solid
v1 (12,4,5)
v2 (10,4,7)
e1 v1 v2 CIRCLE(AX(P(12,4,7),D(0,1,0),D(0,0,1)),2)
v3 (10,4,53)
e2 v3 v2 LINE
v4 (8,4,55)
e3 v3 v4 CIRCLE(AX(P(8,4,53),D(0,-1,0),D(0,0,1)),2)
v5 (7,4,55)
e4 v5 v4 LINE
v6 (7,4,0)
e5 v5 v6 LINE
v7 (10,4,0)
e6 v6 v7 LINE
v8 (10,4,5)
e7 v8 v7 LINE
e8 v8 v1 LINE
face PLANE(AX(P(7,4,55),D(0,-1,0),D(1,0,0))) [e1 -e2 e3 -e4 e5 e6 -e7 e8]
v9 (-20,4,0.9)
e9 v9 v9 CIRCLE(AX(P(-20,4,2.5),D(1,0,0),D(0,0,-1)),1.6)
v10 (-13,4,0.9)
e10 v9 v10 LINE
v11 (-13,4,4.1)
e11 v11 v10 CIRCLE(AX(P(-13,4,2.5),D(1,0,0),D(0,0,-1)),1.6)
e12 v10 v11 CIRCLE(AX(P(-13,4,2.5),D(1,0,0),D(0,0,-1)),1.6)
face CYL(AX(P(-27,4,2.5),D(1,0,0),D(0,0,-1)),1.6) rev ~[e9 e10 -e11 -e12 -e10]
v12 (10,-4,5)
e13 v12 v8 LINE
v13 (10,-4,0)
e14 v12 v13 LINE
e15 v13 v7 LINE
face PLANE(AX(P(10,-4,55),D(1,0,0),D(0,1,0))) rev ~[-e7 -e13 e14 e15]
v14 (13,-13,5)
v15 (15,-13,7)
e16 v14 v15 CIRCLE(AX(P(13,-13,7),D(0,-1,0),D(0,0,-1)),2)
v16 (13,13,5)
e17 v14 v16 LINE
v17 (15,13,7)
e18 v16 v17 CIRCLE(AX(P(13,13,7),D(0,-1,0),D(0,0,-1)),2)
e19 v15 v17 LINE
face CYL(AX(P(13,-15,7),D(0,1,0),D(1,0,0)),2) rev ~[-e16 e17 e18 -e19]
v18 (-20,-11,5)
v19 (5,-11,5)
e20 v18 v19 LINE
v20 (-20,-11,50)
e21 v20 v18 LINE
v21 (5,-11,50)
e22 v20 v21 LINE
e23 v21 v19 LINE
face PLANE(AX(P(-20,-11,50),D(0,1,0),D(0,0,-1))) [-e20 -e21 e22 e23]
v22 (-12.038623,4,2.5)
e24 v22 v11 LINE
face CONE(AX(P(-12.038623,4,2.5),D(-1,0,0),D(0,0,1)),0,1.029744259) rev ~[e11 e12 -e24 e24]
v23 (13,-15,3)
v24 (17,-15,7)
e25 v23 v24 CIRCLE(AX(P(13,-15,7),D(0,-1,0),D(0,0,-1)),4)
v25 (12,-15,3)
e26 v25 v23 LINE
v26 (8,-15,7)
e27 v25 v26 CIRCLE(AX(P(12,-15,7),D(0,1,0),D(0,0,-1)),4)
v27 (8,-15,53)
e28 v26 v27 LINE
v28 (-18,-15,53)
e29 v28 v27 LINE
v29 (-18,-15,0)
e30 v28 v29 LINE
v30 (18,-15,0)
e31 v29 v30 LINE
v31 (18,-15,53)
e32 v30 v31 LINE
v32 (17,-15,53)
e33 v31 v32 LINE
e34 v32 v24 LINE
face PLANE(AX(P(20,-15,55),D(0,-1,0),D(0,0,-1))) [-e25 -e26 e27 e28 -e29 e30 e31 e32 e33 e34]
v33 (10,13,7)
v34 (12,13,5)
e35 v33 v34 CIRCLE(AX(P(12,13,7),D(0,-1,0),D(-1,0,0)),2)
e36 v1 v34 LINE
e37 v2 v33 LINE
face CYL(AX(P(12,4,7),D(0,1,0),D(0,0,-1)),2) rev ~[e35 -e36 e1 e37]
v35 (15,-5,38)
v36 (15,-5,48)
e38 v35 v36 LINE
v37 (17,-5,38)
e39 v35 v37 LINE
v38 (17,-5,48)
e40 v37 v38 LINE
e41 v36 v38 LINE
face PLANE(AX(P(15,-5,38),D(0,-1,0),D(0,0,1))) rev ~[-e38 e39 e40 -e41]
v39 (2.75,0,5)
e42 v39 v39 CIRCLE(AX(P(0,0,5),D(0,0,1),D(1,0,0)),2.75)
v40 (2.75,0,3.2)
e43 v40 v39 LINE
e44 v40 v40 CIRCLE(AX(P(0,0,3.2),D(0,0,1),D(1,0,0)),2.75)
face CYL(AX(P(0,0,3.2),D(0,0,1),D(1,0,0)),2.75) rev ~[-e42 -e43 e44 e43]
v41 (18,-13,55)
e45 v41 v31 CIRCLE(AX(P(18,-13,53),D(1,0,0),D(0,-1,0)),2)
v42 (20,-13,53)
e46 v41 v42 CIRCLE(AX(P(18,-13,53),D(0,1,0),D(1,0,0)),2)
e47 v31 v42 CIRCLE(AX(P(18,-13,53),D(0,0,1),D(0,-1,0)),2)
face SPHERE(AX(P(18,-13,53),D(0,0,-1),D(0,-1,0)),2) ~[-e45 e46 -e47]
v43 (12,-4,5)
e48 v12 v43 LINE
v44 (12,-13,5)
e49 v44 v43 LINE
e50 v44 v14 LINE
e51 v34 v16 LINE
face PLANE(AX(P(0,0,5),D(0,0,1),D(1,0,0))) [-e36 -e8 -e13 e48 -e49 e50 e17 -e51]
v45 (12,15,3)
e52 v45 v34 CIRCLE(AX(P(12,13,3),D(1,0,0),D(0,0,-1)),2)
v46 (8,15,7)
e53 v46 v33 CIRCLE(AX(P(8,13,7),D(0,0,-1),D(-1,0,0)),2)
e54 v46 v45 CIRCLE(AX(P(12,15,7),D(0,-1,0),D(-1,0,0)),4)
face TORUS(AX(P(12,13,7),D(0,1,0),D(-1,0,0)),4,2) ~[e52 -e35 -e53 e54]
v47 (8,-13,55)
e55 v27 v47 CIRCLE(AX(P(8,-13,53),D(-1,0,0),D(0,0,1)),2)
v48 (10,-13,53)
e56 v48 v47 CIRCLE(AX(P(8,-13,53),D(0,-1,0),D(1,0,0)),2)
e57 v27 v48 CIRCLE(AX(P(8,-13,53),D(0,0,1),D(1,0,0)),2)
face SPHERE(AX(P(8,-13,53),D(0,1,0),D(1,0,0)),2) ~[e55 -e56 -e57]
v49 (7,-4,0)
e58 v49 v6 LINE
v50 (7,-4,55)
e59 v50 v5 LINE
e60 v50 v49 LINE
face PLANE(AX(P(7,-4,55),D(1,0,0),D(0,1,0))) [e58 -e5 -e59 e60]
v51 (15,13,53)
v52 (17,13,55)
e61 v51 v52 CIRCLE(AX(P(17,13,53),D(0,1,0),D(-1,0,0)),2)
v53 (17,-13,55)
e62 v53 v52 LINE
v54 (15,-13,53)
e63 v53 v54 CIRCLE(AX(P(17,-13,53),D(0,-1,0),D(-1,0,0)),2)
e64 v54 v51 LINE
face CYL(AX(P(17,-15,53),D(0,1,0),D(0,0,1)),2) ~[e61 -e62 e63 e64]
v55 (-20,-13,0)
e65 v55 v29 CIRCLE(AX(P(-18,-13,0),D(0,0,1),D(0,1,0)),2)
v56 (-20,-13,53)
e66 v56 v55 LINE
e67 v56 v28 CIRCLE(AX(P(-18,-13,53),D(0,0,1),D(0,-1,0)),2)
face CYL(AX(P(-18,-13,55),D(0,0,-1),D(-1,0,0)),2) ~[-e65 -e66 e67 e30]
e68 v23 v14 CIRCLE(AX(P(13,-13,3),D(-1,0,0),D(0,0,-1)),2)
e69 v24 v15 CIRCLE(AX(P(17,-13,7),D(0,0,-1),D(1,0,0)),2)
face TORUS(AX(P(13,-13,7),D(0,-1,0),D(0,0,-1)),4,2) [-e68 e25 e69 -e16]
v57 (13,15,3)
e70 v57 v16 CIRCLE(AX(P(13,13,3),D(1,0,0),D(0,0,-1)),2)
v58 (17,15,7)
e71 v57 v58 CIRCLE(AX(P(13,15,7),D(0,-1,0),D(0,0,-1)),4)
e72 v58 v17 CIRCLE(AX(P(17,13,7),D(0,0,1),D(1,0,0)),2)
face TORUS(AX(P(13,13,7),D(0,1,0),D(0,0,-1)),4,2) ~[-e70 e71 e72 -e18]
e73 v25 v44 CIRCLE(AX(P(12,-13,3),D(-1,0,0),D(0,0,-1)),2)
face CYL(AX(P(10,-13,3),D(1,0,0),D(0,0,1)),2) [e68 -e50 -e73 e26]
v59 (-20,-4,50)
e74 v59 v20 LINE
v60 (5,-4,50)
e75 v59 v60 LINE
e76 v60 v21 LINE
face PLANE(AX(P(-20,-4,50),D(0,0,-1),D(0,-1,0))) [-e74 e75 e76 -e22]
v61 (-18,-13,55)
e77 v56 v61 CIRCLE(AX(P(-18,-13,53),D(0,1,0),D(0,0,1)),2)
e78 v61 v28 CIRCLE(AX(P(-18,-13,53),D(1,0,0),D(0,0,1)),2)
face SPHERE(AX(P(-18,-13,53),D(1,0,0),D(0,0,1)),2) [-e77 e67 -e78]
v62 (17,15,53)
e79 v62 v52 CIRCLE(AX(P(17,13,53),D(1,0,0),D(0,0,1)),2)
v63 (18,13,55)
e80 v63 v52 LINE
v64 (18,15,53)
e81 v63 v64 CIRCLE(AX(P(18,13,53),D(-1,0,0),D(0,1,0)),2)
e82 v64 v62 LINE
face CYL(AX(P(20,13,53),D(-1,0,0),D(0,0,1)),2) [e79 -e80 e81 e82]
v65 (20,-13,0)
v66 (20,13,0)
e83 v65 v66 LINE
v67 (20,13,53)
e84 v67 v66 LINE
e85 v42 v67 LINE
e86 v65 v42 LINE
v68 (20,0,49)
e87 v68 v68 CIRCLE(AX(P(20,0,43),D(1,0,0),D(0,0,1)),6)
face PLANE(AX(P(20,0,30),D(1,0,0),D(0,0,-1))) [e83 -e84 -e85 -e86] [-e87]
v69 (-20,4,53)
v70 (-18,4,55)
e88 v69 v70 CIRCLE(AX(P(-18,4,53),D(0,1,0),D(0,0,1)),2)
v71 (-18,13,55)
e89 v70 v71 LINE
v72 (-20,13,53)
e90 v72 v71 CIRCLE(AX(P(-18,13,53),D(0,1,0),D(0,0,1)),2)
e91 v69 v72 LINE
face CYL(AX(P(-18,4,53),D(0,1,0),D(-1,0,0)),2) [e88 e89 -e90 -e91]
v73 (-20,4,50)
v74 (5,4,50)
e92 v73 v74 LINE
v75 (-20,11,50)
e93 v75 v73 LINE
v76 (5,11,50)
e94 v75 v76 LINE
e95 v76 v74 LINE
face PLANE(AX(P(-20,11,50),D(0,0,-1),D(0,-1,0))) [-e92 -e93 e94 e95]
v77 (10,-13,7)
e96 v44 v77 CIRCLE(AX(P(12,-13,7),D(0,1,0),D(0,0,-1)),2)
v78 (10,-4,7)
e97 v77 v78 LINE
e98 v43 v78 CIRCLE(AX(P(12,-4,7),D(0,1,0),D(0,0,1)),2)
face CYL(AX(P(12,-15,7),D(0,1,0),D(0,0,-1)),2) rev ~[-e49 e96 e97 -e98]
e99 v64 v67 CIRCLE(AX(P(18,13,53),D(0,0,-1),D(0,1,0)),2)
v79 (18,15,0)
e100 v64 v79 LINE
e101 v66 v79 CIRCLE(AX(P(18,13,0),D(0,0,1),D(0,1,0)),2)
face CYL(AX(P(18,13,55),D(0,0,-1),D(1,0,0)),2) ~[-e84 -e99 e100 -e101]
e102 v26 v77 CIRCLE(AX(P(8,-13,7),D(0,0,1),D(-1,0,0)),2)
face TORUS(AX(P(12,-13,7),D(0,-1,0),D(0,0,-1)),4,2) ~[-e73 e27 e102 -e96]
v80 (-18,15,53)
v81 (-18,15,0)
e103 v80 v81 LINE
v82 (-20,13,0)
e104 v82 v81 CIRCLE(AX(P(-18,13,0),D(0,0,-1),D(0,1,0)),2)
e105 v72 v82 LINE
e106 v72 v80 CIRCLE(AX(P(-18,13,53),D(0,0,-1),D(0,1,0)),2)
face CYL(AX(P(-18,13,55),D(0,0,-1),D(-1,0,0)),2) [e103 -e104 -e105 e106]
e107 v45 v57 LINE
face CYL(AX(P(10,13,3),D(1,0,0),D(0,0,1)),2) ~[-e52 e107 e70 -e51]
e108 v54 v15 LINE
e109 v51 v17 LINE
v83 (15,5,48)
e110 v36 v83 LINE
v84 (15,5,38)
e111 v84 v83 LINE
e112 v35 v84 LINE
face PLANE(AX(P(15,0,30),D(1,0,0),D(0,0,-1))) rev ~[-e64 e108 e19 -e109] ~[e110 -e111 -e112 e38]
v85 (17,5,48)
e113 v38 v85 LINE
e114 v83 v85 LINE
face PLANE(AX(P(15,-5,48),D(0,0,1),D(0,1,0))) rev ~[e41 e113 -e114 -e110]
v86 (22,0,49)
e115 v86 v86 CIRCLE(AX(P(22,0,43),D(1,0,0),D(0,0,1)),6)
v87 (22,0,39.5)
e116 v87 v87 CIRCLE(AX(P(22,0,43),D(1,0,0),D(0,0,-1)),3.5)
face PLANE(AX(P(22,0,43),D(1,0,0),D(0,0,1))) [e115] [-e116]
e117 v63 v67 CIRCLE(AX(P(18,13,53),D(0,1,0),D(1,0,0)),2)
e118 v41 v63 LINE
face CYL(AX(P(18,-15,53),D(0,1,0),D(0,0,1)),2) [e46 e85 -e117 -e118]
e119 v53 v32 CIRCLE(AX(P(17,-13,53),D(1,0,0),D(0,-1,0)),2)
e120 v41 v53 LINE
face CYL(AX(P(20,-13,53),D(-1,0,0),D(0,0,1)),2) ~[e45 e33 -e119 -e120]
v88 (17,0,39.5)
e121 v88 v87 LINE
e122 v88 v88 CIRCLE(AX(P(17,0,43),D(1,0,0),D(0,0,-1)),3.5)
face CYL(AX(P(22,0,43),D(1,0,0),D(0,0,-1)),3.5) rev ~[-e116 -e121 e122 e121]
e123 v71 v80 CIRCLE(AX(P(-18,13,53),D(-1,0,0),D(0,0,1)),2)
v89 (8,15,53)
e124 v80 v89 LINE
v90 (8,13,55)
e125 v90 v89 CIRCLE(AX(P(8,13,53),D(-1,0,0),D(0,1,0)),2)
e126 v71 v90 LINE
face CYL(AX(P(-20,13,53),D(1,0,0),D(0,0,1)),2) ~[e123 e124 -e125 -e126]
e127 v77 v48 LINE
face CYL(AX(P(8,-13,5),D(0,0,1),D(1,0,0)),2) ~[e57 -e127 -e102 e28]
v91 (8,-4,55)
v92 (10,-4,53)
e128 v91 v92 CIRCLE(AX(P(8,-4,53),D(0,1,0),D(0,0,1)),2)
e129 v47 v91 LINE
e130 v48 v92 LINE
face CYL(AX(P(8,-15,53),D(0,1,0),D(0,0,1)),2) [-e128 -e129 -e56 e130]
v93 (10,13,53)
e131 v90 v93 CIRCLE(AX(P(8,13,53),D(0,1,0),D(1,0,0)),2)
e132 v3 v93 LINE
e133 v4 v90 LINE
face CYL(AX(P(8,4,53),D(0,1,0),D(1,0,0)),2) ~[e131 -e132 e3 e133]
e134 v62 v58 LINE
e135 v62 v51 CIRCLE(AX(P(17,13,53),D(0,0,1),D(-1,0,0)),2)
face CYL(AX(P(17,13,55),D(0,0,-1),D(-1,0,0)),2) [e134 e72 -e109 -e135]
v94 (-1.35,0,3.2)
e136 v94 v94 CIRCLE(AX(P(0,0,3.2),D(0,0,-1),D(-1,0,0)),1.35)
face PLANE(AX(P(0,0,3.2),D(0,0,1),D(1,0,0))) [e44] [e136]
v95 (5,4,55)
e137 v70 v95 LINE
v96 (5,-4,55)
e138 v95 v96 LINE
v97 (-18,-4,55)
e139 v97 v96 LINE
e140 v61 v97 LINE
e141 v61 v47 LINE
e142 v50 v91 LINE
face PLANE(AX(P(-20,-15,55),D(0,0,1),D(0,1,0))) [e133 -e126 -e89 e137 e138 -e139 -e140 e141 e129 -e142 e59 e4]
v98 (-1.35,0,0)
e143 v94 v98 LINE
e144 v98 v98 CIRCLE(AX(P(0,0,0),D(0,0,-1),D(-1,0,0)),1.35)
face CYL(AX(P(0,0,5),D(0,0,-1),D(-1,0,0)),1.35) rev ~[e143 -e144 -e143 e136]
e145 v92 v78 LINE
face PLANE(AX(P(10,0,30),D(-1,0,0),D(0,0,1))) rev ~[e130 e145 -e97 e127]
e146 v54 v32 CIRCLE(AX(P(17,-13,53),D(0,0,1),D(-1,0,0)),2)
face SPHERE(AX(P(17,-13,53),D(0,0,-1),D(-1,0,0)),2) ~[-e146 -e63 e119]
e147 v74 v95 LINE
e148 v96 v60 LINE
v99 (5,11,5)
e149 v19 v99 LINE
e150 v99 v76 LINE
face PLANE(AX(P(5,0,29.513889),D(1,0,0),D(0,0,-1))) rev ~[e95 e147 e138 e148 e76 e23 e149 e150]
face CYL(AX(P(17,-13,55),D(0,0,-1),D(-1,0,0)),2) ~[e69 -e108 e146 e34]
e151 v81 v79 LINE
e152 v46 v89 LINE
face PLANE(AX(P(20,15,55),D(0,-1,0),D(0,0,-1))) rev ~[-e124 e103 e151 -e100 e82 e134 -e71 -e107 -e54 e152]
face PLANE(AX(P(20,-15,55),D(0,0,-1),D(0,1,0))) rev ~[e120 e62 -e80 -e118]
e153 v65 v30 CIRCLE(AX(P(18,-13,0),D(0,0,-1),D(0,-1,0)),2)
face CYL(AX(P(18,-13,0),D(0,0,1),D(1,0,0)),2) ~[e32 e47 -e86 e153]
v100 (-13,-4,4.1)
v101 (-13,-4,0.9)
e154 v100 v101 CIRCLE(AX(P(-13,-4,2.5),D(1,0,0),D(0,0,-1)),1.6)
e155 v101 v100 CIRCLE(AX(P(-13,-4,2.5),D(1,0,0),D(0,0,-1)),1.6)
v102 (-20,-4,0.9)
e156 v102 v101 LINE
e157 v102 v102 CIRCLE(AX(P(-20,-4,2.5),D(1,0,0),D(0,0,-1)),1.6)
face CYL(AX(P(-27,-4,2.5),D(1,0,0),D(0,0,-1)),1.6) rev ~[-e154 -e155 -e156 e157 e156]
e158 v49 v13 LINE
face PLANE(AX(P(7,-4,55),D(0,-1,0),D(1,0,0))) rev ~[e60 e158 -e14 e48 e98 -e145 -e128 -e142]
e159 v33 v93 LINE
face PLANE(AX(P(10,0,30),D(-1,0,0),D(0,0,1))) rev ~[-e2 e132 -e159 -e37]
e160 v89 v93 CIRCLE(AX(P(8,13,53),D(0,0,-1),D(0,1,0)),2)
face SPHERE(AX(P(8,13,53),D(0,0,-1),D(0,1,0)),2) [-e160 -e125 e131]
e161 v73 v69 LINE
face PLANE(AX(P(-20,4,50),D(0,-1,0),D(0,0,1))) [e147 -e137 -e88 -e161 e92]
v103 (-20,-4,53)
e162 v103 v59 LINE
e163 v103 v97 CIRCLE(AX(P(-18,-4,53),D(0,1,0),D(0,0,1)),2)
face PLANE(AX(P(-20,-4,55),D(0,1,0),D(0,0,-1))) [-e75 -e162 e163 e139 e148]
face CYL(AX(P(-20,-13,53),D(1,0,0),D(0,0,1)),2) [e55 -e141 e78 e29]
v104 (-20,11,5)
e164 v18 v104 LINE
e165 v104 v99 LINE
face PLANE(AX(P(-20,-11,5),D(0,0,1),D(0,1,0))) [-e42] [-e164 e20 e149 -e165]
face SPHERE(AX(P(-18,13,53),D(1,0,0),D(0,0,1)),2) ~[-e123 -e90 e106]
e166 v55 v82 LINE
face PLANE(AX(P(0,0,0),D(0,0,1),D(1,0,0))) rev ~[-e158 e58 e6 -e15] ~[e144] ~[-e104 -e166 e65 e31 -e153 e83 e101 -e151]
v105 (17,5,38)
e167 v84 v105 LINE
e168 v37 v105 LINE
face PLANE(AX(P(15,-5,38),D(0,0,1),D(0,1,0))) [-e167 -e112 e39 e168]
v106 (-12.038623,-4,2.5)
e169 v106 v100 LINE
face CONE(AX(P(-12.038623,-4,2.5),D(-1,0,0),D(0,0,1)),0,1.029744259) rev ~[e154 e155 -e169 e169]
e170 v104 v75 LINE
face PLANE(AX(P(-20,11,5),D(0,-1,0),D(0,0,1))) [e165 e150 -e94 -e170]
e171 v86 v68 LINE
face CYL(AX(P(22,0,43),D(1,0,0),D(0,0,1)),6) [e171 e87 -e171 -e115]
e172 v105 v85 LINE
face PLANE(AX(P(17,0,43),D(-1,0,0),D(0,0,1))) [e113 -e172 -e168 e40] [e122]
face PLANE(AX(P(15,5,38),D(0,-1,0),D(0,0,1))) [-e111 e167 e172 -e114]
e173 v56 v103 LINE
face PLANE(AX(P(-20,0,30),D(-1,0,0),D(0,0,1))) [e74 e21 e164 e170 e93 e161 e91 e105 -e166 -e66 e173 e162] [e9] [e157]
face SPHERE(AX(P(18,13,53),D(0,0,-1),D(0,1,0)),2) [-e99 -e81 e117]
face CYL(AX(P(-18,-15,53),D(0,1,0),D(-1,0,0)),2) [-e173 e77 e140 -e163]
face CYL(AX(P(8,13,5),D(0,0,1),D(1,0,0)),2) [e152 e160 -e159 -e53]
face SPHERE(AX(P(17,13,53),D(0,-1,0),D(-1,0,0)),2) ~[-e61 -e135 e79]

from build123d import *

# Parameters (mm, degrees)
ESQUISSE1_W                                          = 40
ESQUISSE1_H                                          = 30
BOSS_EXTRU_1_DEPTH                                   = 5
ESQUISSE5_W                                          = 50
ESQUISSE5_H                                          = 30
BOSS_EXTRU_3_DEPTH                                   = 30
ENL_V_MAT_EXTRU_1_DEPTH                              = 25
CHAMBRAGE_POUR_T_TE_CYLINDRIQUE_FENDUE_M_D           = 2.7
CHAMBRAGE_POUR_T_TE_CYLINDRIQUE_FENDUE_M_DEPTH       = 7
CHAMBRAGE_POUR_T_TE_CYLINDRIQUE_FENDUE_M_CBORE_D     = 5.5
CHAMBRAGE_POUR_T_TE_CYLINDRIQUE_FENDUE_M_CBORE_DEPTH = 1.8
CHAMBRAGE_POUR_T_TE_CYLINDRIQUE_FENDUE_M_TIP         = 0.811161836
ESQUISSE14_W                                         = 3
ESQUISSE14_H                                         = 8
ENL_V_MAT_EXTRU_2_DEPTH                              = 61.415229868
D_GAGEMENT_M31_D                                     = 3.2
D_GAGEMENT_M31_DEPTH                                 = 7
D_GAGEMENT_M31_TIP                                   = 0.96137699
ESQUISSE16_W                                         = 50
ESQUISSE16_H                                         = 30
ESQUISSE16_R                                         = 3.5
BOSS_EXTRU_4_DEPTH                                   = 5
CONG_1_R                                             = 2
ESQUISSE17_W                                         = 10
ESQUISSE17_H                                         = 10
ENL_V_MAT_EXTRU_3_DEPTH                              = 2
BOSS_EXTRU_5_START                                   = 2
ESQUISSE18_R                                         = 6
ESQUISSE18_R_2                                       = 3.5
BOSS_EXTRU_5_DEPTH                                   = 2


with BuildPart() as part:
    # Esquisse1 → Boss.-Extru.1 (new body)
    with BuildSketch(Plane.XY):
        Rectangle(ESQUISSE1_W, ESQUISSE1_H)
    extrude(amount=BOSS_EXTRU_1_DEPTH)

    # Esquisse5 → Boss.-Extru.3 (add)
    with BuildSketch(Plane.ZY.offset(20)):
        with Locations((30, 0)):
            Rectangle(ESQUISSE5_W, ESQUISSE5_H)
    extrude(amount=-BOSS_EXTRU_3_DEPTH)

    # Esquisse6 → Enlèv. mat.-Extru.1 (cut)
    with BuildSketch(Plane.ZY.offset(20)):
        Polygon((50, 11), (50, 4), (55, 4), (55, -4), (50, -4), (50, -11), (5, -11), (5, 11), align=None)
    extrude(amount=-ENL_V_MAT_EXTRU_1_DEPTH, mode=Mode.SUBTRACT)

    # Chambrage pour tête cylindrique fendue M2.51
    with Locations(Plane.XY.offset(5)):
        with Locations((0, 0)):
            CounterBoreHole(CHAMBRAGE_POUR_T_TE_CYLINDRIQUE_FENDUE_M_D / 2, CHAMBRAGE_POUR_T_TE_CYLINDRIQUE_FENDUE_M_CBORE_D / 2, CHAMBRAGE_POUR_T_TE_CYLINDRIQUE_FENDUE_M_CBORE_DEPTH, depth=CHAMBRAGE_POUR_T_TE_CYLINDRIQUE_FENDUE_M_DEPTH)
            with Locations((0, 0, -(CHAMBRAGE_POUR_T_TE_CYLINDRIQUE_FENDUE_M_DEPTH + CHAMBRAGE_POUR_T_TE_CYLINDRIQUE_FENDUE_M_TIP / 2))):  # 118° drill point
                Cone(0, CHAMBRAGE_POUR_T_TE_CYLINDRIQUE_FENDUE_M_D / 2, CHAMBRAGE_POUR_T_TE_CYLINDRIQUE_FENDUE_M_TIP, mode=Mode.SUBTRACT)

    # Esquisse14 → Enlèv. mat.-Extru.2 (cut, through all)
    with BuildSketch(Plane.XY.offset(55)):
        with Locations((8.5, 0)):
            Rectangle(ESQUISSE14_W, ESQUISSE14_H)
    extrude(amount=-ENL_V_MAT_EXTRU_2_DEPTH, mode=Mode.SUBTRACT)

    # Dégagement M31
    with Locations(Plane.ZY.offset(20)):
        with Locations((2.5, -4), (2.5, 4)):
            Hole(D_GAGEMENT_M31_D / 2, depth=D_GAGEMENT_M31_DEPTH)
            with Locations((0, 0, -(D_GAGEMENT_M31_DEPTH + D_GAGEMENT_M31_TIP / 2))):  # 118° drill point
                Cone(0, D_GAGEMENT_M31_D / 2, D_GAGEMENT_M31_TIP, mode=Mode.SUBTRACT)

    # Esquisse16 → Boss.-Extru.4 (add)
    with BuildSketch(Plane(origin=(20, 0, 0), x_dir=(0, 0, -1), z_dir=(1, 0, 0))):
        with Locations((-30, 0)):
            Rectangle(ESQUISSE16_W, ESQUISSE16_H)
        with Locations((-43, 0)):
            Circle(ESQUISSE16_R, mode=Mode.SUBTRACT)
    extrude(amount=-BOSS_EXTRU_4_DEPTH)

    # Congé1
    cong_1_edges = [part.edges().sort_by_distance(p)[0] for p in [
        (12.5, -15, 5),
        (10, 9.5, 5),
        (10, 15, 30),
        (10, -9.5, 55),
        (-5, 15, 55),
        (10, -15, 30),
        (-5, -15, 55),
        (-20, -9.5, 55),
        (-20, 9.5, 55),
        (10, -9.5, 5),
        (10, 9.5, 55),
        (20, -15, 27.5),
        (-20, -15, 27.5),
        (-20, 15, 27.5),
        (20, 15, 27.5),
        (12.5, 15, 5),
        (15, -15, 30),
        (15, 0, 55),
        (17.5, -15, 55),
        (15, 15, 30),
        (17.5, 15, 55),
        (15, 0, 5),
        (20, 0, 55),
    ]]
    fillet(cong_1_edges, radius=CONG_1_R)

    # Esquisse17 → Enlèv. mat.-Extru.3 (cut)
    with BuildSketch(Plane.ZY.offset(-15)):
        with Locations((43, 0)):
            Rectangle(ESQUISSE17_W, ESQUISSE17_H)
    extrude(amount=-ENL_V_MAT_EXTRU_3_DEPTH, mode=Mode.SUBTRACT)

    # Esquisse18 → Boss.-Extru.5 (add)
    with BuildSketch(Plane(origin=(20, 0, 0), x_dir=(0, 0, -1), z_dir=(1, 0, 0)).offset(BOSS_EXTRU_5_START)):
        with Locations(Location((-43, 0, 0), (0, 0, 180))):
            Circle(ESQUISSE18_R)
        with Locations((-43, 0)):
            Circle(ESQUISSE18_R_2, mode=Mode.SUBTRACT)
    extrude(amount=-BOSS_EXTRU_5_DEPTH)


solid = part.part
